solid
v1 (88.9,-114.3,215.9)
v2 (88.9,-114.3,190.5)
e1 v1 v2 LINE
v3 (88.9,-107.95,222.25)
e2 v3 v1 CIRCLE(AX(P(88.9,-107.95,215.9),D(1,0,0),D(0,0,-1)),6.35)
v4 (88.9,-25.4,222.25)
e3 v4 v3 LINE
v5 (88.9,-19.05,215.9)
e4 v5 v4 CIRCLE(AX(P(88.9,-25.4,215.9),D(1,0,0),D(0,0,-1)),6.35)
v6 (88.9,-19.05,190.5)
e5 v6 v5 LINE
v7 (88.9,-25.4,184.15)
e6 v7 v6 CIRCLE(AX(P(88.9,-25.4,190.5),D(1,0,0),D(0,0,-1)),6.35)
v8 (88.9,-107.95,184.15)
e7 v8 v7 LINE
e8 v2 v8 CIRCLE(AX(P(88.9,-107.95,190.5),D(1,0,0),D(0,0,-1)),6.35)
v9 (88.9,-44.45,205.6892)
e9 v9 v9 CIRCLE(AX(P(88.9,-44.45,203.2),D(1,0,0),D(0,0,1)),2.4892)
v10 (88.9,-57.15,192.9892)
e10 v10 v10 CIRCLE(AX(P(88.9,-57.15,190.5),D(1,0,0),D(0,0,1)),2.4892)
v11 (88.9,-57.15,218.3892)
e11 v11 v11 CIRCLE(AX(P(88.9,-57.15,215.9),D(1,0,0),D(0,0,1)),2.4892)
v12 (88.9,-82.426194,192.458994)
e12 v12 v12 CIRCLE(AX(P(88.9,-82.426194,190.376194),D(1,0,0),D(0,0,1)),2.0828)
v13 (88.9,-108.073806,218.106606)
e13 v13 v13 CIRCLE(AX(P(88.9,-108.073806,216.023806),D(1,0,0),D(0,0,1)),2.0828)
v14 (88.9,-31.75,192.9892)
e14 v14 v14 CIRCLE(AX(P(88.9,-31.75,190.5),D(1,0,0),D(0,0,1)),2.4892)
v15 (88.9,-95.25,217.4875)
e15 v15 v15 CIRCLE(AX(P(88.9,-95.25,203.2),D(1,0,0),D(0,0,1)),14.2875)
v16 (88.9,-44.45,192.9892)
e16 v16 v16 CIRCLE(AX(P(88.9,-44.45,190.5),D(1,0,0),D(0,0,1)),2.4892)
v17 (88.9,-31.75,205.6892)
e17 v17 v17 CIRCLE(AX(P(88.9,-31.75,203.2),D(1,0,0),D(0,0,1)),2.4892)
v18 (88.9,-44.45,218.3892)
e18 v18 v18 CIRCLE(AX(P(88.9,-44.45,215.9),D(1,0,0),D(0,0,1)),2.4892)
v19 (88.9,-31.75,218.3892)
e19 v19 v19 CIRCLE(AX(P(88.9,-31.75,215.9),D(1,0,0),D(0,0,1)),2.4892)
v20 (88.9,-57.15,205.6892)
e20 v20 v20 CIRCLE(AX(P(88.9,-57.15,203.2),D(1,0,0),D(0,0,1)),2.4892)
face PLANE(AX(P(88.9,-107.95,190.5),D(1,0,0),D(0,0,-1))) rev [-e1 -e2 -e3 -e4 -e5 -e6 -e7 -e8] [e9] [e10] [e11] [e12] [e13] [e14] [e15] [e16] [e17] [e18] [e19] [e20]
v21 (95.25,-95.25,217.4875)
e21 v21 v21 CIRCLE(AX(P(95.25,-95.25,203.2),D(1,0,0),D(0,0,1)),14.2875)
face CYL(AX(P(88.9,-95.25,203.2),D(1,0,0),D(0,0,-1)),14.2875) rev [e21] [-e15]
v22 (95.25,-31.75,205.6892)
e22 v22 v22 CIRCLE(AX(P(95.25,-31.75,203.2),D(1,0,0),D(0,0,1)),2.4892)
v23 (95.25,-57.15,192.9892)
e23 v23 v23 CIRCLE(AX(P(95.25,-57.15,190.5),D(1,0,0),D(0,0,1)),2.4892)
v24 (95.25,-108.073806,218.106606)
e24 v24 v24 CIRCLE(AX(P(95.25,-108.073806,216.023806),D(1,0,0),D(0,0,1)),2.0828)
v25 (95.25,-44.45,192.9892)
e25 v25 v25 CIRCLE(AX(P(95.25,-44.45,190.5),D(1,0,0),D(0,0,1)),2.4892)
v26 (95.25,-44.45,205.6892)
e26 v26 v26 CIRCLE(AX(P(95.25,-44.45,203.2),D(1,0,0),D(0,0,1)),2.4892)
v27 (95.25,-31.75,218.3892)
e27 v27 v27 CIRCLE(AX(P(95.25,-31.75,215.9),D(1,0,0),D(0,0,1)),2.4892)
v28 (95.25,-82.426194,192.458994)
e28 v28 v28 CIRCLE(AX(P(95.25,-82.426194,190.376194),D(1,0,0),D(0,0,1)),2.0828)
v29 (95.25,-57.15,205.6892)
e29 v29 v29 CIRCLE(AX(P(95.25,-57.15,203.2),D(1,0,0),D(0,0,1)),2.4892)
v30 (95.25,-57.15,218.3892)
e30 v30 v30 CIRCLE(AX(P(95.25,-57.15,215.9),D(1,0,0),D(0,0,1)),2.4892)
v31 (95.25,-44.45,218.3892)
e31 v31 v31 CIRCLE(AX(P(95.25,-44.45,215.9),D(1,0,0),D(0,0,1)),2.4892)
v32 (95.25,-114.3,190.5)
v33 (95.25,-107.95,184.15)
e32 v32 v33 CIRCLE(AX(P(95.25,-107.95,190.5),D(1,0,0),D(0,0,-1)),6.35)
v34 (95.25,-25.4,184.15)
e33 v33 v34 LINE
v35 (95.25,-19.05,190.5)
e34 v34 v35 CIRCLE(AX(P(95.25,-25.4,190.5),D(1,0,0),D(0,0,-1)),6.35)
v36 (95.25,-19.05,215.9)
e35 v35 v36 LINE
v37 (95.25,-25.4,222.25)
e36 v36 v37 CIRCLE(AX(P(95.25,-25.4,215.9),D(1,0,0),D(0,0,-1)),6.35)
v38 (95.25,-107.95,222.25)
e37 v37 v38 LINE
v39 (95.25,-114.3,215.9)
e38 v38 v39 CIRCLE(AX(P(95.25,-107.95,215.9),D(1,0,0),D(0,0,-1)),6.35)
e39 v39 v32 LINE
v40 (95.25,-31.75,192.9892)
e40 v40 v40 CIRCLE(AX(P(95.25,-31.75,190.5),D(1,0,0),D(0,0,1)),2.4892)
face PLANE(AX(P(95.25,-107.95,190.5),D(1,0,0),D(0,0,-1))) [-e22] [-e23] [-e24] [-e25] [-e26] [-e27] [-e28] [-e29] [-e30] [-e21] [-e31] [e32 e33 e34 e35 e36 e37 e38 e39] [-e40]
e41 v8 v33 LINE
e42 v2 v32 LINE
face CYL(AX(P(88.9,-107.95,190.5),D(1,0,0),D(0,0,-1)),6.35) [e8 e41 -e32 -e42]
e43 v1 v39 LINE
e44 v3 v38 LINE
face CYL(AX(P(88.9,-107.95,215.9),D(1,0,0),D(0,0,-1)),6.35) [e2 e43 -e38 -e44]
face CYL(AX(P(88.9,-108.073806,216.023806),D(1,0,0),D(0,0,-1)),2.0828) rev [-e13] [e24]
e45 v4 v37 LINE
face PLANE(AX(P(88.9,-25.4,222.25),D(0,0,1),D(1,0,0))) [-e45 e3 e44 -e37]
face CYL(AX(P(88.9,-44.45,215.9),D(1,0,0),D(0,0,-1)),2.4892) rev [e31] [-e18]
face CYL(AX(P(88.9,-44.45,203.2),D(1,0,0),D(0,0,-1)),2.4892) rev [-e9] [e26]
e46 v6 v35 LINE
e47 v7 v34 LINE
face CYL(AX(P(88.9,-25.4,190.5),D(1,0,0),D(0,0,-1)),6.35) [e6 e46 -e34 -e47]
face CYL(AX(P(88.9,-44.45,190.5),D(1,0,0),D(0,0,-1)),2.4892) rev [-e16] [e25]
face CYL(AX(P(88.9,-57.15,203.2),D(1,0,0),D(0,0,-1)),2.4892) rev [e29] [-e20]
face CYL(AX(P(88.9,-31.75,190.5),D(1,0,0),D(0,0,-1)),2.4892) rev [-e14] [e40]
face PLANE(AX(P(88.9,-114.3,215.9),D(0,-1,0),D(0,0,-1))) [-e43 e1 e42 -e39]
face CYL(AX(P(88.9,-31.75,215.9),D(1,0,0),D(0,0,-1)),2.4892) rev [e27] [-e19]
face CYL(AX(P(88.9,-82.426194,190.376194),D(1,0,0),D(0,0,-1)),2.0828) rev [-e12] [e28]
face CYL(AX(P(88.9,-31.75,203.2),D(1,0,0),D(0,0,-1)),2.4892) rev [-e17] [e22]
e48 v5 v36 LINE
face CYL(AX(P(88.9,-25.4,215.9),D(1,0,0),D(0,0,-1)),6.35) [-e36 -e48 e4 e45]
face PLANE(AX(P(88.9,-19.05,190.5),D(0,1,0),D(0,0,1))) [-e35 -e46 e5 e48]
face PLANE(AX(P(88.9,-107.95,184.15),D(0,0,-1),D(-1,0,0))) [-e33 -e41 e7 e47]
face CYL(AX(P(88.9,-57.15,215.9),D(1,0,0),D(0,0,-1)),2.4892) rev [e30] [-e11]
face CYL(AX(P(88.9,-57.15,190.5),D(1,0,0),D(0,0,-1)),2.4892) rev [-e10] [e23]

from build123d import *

# Parameters (mm, degrees)
SKETCH1_R           = 2.0828
SKETCH1_R_2         = 14.2875
SKETCH1_R_3         = 2.4892
BOSS_EXTRUDE1_DEPTH = 6.35


with BuildPart() as part:
    # Sketch1 → Boss-Extrude1 (new body)
    with BuildSketch(Plane(origin=(95.25, 0, 0), x_dir=(0, 0, -1), z_dir=(1, 0, 0))):
        with BuildLine():
            Line((-184.15, -107.95), (-184.15, -25.4))
            ThreePointArc((-184.15, -25.4), (-186.009871939, -20.909871939), (-190.5, -19.05))
            Line((-190.5, -19.05), (-215.9, -19.05))
            ThreePointArc((-215.9, -19.05), (-220.390128061, -20.909871939), (-222.25, -25.4))
            Line((-222.25, -25.4), (-222.25, -107.95))
            ThreePointArc((-222.25, -107.95), (-220.390128061, -112.440128061), (-215.9, -114.3))
            Line((-215.9, -114.3), (-190.5, -114.3))
            ThreePointArc((-190.5, -114.3), (-186.009871939, -112.440128061), (-184.15, -107.95))
        make_face()
        with Locations(Location((-190.376194259, -82.426194259, 0), (0, 0, 180))):
            Circle(SKETCH1_R, mode=Mode.SUBTRACT)
        with Locations(Location((-216.023805741, -108.073805741, 0), (0, 0, 180))):
            Circle(SKETCH1_R, mode=Mode.SUBTRACT)
        with Locations(Location((-203.2, -95.25, 0), (0, 0, 180))):
            Circle(SKETCH1_R_2, mode=Mode.SUBTRACT)
        with Locations(Location((-215.9, -31.75, 0), (0, 0, 180))):
            Circle(SKETCH1_R_3, mode=Mode.SUBTRACT)
        with Locations(Location((-203.2, -31.75, 0), (0, 0, 180))):
            Circle(SKETCH1_R_3, mode=Mode.SUBTRACT)
        with Locations(Location((-190.5, -31.75, 0), (0, 0, 180))):
            Circle(SKETCH1_R_3, mode=Mode.SUBTRACT)
        with Locations(Location((-215.9, -57.15, 0), (0, 0, 180))):
            Circle(SKETCH1_R_3, mode=Mode.SUBTRACT)
        with Locations(Location((-203.2, -57.15, 0), (0, 0, 180))):
            Circle(SKETCH1_R_3, mode=Mode.SUBTRACT)
        with Locations(Location((-190.5, -57.15, 0), (0, 0, 180))):
            Circle(SKETCH1_R_3, mode=Mode.SUBTRACT)
        with Locations(Location((-215.9, -44.45, 0), (0, 0, 180))):
            Circle(SKETCH1_R_3, mode=Mode.SUBTRACT)
        with Locations(Location((-203.2, -44.45, 0), (0, 0, 180))):
            Circle(SKETCH1_R_3, mode=Mode.SUBTRACT)
        with Locations(Location((-190.5, -44.45, 0), (0, 0, 180))):
            Circle(SKETCH1_R_3, mode=Mode.SUBTRACT)
    extrude(amount=-BOSS_EXTRUDE1_DEPTH)


solid = part.part
